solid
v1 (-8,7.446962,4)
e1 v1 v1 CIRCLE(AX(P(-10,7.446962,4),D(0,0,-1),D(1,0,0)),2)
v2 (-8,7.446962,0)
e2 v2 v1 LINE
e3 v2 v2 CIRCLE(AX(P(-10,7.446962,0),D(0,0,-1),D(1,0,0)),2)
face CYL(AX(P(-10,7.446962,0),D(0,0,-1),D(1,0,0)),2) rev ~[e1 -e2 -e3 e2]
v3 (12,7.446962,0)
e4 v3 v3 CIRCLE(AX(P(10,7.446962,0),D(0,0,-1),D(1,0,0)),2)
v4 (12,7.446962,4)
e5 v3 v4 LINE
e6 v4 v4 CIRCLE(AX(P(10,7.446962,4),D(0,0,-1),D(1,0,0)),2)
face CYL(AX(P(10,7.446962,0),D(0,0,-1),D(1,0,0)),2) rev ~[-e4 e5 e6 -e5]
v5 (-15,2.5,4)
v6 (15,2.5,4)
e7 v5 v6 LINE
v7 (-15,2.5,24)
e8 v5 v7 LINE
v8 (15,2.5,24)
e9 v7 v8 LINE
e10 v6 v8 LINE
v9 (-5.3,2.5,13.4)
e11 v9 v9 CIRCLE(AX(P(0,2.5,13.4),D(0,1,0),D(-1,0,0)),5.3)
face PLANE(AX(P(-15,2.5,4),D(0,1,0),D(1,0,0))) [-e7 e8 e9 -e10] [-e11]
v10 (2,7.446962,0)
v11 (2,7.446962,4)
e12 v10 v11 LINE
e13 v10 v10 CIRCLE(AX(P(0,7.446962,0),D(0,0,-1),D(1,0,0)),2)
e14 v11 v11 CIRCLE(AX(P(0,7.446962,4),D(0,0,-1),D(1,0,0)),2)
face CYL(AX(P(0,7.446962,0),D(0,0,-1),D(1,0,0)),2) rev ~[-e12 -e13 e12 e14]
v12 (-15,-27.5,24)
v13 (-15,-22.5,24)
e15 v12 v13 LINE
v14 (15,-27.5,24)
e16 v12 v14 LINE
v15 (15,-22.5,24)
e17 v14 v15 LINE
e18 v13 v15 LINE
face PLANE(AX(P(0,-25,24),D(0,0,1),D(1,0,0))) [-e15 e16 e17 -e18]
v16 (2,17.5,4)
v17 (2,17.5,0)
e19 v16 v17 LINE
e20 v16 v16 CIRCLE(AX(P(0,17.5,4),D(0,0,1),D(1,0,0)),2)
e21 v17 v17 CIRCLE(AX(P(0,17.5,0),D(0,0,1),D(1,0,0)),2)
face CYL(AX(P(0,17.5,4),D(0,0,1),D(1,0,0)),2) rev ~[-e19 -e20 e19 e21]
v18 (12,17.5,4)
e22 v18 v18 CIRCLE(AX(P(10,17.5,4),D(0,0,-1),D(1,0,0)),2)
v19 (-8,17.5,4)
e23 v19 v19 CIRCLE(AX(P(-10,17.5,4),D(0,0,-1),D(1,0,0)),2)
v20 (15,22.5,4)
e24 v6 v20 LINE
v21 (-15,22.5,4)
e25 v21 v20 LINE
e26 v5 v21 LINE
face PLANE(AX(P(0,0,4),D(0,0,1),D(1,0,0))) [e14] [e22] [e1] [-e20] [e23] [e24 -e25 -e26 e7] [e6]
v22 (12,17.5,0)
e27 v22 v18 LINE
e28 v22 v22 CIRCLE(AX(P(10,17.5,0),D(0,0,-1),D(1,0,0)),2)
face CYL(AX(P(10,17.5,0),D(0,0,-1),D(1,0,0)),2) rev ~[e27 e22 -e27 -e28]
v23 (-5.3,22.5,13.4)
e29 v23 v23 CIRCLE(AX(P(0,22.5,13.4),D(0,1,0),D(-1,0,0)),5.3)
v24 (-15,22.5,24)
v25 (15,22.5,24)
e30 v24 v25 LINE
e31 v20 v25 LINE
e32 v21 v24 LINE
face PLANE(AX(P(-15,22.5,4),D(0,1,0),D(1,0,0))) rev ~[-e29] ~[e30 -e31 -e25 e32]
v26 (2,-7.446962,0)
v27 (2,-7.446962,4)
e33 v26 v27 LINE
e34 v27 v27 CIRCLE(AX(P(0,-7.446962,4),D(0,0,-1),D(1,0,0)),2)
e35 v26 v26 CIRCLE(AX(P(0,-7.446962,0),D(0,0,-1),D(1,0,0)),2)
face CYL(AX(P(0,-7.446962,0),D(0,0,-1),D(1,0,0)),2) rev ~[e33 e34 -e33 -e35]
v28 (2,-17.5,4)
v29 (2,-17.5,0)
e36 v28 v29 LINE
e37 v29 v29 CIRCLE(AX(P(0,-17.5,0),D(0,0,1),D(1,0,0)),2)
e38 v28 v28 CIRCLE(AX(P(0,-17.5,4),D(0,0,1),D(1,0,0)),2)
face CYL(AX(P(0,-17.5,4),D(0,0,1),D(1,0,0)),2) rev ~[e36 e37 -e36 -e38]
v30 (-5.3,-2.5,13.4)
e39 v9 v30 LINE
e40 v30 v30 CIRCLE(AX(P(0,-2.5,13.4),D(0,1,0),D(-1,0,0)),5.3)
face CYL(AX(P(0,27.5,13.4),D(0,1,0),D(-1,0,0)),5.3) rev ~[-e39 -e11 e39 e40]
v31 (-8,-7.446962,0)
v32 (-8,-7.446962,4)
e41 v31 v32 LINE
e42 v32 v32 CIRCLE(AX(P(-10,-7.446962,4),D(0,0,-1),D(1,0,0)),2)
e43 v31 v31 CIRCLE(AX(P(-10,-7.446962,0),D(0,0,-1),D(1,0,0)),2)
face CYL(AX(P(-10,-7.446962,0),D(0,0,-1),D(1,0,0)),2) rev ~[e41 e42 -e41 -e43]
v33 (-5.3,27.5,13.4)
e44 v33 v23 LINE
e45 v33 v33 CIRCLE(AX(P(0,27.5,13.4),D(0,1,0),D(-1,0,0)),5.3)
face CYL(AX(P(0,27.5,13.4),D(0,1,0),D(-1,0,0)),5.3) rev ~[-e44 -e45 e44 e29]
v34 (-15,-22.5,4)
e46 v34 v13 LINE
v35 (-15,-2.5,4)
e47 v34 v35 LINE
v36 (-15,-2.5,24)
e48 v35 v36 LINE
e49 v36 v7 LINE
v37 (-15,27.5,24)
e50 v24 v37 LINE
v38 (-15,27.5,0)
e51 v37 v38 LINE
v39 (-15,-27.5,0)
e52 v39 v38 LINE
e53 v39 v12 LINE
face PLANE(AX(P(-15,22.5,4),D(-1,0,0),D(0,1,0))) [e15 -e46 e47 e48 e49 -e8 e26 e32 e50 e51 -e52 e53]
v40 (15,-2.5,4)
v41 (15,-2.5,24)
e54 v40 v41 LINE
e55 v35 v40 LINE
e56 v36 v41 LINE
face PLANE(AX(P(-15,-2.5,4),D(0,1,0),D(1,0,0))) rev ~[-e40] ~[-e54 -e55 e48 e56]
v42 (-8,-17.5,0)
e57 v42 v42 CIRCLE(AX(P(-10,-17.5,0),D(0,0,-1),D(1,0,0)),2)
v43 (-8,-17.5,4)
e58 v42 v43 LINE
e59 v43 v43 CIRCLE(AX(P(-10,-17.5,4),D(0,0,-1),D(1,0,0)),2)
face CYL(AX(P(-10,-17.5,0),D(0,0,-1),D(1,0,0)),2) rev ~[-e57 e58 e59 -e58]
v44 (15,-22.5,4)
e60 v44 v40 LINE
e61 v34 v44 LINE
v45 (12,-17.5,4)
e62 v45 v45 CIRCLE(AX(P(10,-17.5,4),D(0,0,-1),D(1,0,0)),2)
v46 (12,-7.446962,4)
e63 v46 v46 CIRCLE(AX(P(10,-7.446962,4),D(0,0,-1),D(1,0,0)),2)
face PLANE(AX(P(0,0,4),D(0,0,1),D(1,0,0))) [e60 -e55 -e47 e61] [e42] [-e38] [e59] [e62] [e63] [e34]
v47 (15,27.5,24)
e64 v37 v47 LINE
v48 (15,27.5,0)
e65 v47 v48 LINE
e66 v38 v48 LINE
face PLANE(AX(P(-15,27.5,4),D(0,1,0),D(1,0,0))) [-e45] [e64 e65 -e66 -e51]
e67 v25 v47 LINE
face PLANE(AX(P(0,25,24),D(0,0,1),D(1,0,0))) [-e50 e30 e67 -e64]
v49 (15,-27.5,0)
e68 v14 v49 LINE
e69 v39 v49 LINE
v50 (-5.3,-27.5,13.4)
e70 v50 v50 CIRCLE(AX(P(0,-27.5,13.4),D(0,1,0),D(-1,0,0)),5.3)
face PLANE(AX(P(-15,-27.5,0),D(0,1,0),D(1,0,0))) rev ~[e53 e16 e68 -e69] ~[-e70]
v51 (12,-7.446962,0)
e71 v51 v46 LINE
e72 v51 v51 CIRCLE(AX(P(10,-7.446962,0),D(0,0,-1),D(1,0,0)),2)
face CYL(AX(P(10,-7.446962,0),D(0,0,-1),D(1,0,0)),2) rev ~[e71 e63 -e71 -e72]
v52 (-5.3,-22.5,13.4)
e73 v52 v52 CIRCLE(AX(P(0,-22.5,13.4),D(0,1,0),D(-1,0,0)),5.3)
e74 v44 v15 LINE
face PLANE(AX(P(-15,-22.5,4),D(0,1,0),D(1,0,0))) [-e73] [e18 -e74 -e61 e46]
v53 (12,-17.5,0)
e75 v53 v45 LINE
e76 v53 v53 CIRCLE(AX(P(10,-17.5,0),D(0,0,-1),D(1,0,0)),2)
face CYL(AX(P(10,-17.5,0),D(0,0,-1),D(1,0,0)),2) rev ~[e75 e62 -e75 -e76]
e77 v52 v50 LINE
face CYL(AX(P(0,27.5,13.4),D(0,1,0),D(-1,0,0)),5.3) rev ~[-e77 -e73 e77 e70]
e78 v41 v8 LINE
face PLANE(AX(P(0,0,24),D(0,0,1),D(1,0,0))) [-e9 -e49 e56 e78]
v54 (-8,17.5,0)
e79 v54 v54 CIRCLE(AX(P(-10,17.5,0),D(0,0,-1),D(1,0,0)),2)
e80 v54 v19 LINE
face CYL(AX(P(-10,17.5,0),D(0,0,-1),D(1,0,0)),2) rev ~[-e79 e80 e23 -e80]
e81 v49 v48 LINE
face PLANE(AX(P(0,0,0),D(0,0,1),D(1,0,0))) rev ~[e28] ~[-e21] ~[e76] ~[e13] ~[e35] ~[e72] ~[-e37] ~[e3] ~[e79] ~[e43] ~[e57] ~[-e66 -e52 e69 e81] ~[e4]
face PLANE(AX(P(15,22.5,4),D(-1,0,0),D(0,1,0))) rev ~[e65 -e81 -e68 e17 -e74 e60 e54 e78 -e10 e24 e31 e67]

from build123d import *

# Parameters (mm, degrees)
F0_W     = 30
F0_H     = 55
F1_DEPTH = 4
F2_R     = 2
F3_DEPTH = 4
F4_W     = 30
F4_H     = 5
F5_DEPTH = 20
F6_R     = 5.3
F7_DEPTH = 55.001
F8_R     = 2
F9_DEPTH = 4


with BuildPart() as f1:
    # F0 (on Top) → F1 (new body)
    with BuildSketch(Plane.XY):
        Rectangle(F0_W, F0_H)
    extrude(amount=F1_DEPTH)

    # F2 (on face) → F3 (cut)
    with BuildSketch(Plane.XY.offset(4)):
        with Locations((0, -17.5)):
            Circle(F2_R)
        with Locations((0, 17.5)):
            Circle(F2_R)
    extrude(amount=-F3_DEPTH, mode=Mode.SUBTRACT)

    # F4 (on face) → F5 (join)
    with BuildSketch(Plane.XY.offset(4)):
        with Locations((0, 25)):
            Rectangle(F4_W, F4_H)
        Rectangle(F4_W, F4_H)
        with Locations((0, -25)):
            Rectangle(F4_W, F4_H)
    extrude(amount=F5_DEPTH)

    # F6 (on face) → F7 (cut, through all)
    with BuildSketch(Plane(origin=(0, 27.5, 0), x_dir=(-1, 0, 0), z_dir=(0, 1, 0))):
        with Locations((0, 13.4)):
            Circle(F6_R)
    extrude(amount=-F7_DEPTH, mode=Mode.SUBTRACT)

    # F8 (on face) → F9 (cut)
    with BuildSketch(Plane(origin=(0, 0, 0), x_dir=(1, 0, 0), z_dir=(0, 0, -1))):
        with Locations((10, -17.5)):
            Circle(F8_R)
        with Locations((10, -7.446962)):
            Circle(F8_R)
        with Locations((-10, -17.5)):
            Circle(F8_R)
        with Locations((-10, -7.446962)):
            Circle(F8_R)
        with Locations((-10, 7.446962)):
            Circle(F8_R)
        with Locations((-10, 17.5)):
            Circle(F8_R)
        with Locations((10, 17.5)):
            Circle(F8_R)
        with Locations((10, 7.446962)):
            Circle(F8_R)
        with Locations((0, -7.446962)):
            Circle(F8_R)
        with Locations((0, 7.446962)):
            Circle(F8_R)
    extrude(amount=-F9_DEPTH, mode=Mode.SUBTRACT)


solid = f1.part
